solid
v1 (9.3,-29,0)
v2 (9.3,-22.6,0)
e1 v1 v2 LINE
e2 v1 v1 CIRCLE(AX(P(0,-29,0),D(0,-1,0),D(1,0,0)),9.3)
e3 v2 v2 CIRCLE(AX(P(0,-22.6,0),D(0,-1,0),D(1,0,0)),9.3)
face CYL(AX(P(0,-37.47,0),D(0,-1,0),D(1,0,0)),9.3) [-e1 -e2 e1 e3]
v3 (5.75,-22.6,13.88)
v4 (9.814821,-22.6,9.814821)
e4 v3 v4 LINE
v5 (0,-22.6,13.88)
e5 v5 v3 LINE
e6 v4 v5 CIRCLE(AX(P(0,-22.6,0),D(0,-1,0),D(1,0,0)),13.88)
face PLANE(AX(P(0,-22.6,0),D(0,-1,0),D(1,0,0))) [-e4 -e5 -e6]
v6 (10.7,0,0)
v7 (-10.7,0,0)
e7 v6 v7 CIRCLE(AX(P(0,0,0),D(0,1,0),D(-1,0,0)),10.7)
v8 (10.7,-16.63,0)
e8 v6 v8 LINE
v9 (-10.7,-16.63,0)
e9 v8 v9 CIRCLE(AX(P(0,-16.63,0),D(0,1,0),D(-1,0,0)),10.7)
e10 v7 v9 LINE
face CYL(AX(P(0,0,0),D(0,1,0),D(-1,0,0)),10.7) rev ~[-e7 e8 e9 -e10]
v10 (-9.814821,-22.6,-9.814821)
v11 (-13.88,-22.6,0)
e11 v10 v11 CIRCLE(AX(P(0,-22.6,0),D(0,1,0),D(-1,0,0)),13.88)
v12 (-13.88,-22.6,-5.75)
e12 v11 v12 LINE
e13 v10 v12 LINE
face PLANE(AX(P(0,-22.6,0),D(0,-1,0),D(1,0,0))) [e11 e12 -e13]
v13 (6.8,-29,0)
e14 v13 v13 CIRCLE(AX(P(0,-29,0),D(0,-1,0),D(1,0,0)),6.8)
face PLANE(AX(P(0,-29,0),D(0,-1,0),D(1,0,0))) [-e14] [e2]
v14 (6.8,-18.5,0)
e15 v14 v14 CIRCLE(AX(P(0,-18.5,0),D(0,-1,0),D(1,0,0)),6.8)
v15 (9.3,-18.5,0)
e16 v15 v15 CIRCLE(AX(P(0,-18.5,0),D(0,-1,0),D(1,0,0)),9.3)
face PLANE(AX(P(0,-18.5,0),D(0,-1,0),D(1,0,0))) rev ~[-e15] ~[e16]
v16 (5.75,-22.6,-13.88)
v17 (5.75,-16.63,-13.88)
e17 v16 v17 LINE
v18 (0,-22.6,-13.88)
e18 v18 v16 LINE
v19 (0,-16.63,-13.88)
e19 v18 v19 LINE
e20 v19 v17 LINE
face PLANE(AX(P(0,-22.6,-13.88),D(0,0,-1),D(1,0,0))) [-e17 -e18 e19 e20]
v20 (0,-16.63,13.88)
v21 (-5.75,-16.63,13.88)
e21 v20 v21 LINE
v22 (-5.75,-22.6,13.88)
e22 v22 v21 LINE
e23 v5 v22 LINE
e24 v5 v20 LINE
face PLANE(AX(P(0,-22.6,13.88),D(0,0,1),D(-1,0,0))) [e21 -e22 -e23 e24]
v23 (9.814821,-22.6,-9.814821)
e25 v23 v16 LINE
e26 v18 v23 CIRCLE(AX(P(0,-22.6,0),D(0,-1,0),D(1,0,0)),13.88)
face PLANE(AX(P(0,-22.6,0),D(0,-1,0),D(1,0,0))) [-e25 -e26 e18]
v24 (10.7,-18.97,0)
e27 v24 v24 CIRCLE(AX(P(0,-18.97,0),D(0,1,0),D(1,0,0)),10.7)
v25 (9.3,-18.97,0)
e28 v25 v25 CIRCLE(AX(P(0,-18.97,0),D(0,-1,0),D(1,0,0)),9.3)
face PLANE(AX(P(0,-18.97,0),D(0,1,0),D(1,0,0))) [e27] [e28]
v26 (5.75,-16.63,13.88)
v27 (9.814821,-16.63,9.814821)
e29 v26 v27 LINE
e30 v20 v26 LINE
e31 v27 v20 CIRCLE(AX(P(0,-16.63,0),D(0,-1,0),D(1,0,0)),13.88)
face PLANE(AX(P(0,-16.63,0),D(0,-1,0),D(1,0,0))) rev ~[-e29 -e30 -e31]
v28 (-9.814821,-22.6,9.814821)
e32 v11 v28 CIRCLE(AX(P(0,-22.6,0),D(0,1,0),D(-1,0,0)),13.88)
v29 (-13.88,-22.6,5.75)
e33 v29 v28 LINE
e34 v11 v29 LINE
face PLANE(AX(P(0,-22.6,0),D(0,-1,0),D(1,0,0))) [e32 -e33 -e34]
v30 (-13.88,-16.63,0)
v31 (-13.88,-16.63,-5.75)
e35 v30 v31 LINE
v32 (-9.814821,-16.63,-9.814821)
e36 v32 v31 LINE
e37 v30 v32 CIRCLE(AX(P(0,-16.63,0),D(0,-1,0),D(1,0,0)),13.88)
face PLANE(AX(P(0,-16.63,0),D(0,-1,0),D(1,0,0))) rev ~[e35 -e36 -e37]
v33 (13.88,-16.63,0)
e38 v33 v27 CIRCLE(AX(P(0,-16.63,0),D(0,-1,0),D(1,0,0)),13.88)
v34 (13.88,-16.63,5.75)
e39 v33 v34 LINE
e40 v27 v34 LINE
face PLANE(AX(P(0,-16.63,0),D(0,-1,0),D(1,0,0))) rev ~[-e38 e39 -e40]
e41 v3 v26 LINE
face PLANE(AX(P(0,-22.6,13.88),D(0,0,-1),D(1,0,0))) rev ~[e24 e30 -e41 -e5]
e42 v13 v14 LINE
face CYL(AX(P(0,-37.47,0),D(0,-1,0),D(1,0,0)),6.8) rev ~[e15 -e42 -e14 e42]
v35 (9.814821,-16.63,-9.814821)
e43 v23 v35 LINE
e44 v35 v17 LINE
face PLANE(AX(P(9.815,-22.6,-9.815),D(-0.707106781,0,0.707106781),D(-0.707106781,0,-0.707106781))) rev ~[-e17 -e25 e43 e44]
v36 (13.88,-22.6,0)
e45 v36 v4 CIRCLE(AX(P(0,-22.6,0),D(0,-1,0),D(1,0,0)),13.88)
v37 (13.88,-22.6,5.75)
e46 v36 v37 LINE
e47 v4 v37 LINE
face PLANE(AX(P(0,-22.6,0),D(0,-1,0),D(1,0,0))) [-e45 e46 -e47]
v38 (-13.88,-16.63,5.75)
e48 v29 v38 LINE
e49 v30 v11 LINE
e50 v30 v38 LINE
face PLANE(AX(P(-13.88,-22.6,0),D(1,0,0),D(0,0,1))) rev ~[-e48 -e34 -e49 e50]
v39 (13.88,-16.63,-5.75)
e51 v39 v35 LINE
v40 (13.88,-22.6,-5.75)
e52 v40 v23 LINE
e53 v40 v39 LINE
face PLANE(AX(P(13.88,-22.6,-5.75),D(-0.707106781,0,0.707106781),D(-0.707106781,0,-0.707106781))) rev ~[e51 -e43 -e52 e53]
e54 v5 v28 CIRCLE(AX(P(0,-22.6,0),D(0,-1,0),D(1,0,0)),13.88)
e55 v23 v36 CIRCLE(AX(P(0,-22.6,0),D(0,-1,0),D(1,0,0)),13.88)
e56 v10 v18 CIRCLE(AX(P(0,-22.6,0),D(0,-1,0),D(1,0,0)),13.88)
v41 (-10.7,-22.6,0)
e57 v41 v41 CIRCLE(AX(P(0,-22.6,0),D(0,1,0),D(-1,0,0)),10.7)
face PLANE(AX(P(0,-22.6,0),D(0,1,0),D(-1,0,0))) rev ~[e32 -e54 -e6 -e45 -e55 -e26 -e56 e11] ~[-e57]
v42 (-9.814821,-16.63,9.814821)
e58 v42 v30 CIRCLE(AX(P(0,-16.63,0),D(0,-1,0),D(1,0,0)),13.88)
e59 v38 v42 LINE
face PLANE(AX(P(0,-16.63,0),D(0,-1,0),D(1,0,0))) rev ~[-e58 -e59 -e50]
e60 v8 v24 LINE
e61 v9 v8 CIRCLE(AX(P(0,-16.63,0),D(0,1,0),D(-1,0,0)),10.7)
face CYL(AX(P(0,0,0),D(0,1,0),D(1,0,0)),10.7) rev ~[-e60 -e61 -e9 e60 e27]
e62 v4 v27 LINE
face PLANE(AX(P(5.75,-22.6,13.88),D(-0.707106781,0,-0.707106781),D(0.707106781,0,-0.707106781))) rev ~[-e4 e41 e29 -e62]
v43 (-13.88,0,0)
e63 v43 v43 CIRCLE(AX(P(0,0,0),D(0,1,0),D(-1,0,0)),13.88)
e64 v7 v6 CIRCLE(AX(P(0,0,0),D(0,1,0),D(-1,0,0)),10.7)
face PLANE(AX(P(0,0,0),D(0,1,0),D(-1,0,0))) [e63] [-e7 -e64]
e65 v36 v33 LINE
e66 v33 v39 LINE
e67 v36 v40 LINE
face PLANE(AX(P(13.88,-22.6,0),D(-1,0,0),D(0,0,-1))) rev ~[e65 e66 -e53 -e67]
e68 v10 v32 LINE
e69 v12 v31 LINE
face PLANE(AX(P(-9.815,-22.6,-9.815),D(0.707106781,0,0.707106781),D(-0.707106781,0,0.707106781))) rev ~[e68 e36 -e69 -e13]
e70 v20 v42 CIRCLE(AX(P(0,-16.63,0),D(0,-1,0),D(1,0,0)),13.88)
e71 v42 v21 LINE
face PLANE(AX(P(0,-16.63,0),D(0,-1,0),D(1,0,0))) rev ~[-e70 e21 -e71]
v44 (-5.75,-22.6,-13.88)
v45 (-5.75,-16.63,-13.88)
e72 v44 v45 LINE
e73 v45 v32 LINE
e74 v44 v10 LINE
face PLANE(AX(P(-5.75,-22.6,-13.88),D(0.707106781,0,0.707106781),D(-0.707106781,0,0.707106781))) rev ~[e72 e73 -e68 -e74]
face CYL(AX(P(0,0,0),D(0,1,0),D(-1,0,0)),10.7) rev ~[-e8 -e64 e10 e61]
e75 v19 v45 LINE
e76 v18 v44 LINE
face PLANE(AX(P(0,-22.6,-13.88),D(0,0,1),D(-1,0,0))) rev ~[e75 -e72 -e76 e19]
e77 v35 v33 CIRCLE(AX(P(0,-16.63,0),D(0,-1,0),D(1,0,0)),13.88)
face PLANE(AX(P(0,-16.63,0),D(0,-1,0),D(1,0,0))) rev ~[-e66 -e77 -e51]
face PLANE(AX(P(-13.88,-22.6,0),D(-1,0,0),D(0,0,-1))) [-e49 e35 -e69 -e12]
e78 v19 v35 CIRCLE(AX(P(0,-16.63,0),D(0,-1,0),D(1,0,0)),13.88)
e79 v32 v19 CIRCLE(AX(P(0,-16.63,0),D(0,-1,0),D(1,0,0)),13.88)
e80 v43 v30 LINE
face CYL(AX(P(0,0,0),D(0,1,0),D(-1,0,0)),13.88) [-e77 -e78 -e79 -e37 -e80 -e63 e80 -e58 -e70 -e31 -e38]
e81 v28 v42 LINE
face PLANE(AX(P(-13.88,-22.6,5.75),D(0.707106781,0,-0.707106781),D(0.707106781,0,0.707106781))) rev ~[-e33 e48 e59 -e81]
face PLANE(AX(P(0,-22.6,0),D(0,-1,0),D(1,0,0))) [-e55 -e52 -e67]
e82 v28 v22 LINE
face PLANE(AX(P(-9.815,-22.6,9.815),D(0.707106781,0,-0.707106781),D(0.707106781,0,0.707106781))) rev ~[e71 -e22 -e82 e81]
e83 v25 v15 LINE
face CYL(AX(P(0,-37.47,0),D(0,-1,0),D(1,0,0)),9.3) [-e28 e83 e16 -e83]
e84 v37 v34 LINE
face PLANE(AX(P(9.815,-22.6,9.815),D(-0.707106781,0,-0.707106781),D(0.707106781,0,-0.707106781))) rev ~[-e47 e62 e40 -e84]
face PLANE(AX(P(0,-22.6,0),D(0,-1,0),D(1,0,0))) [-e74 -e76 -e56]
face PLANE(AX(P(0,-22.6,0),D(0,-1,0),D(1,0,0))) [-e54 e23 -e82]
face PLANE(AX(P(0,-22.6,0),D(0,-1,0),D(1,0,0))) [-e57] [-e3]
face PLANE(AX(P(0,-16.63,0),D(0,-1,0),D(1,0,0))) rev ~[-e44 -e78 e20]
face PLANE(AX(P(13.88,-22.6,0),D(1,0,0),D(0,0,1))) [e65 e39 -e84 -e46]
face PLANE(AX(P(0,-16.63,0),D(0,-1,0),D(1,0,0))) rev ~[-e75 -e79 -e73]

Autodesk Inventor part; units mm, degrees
ref_plane "YZ Plane" through (0, 0, 0) normal (1, 0, 0) x (0, 1, 0)
ref_plane "XZ Plane" through (0, 0, 0) normal (0, 1, 0) x (-1, 0, 0)
sketch "Boceto1" plane through (0, 0, 0) normal (0, 1, 0) x (-1, 0, 0)
  circle A0 centre (0, 0) radius 10.7
  circle A1 centre (0, 0) radius 13.88
  dimension "d0" = 21.4
  dimension "d1" = 27.76
extrude "Extrusión1" add sketch "Boceto1" against normal blind 22.6
sketch "Boceto2" plane through (0, -22.6, 0) normal (0, -1, 0) x (1, 0, 0)
  circle A0 centre (0, 0) radius 13.88 projected
  line L0 (0, -13.88) -> (-5.75, -13.88)
  line L1 (0, -13.88) -> (5.75, -13.88)
  line L2 (13.88, 0) -> (13.88, -5.75)
  line L3 (13.88, 0) -> (13.88, 5.75)
  line L4 (0, 13.88) -> (5.75, 13.88)
  line L5 (0, 13.88) -> (-5.75, 13.88)
  line L6 (-13.88, 0) -> (-13.88, -5.75)
  line L7 (-13.88, 0) -> (-13.88, 5.75)
  line L8 (-13.88, 5.75) -> (-5.75, 13.88)
  line L9 (5.75, 13.88) -> (13.88, 5.75)
  line L10 (13.88, -5.75) -> (5.75, -13.88)
  line L11 (-5.75, -13.88) -> (-13.88, -5.75)
  dimension "d5" = 5.75
  dimension "d6" = 5.75
  dimension "d7" = 5.75
  dimension "d8" = 5.75
  dimension "d9" = 5.75
  dimension "d10" = 5.75
  dimension "d11" = 5.75
  dimension "d12" = 5.75
extrude "Extrusión2" add sketch "Boceto2" against normal blind 5.97
ref_plane "Plano de trabajo2" through (0, -18.5, 0) normal (0, 1, 0) x (1, 0, 0)
sketch "Boceto4" plane through (0, -18.5, 0) normal (0, 1, 0) x (1, 0, 0)
  circle A0 centre (0, 0) radius 6.8
  dimension "d18" = 13.6
extrude "Extrusión4" add sketch "Boceto4" against normal blind 18.97
sketch "Boceto5" plane through (0, 0, 0) normal (0, 1, 0) x (1, 0, 0)
  circle A0 centre (0, 0) radius 10.7
extrude "Extrusión5" cut sketch "Boceto5" against normal blind 18.97
sketch "Boceto6" plane through (0, -37.47, 0) normal (0, -1, 0) x (1, 0, 0)
  circle A0 centre (0, 0) radius 6.7
  circle A1 centre (0, 0) radius 9.3
  dimension "d25" = 13.4
  dimension "d26" = 18.6
extrude "Extrusión6" add sketch "Boceto6" against normal blind 18.97
sketch "Boceto7" plane through (0, -37.47, 0) normal (0, -1, 0) x (1, 0, 0)
  circle A0 centre (0, 0) radius 6.8
  dimension "d29" = 13.6
extrude "Extrusión7" cut sketch "Boceto7" against normal blind 18.97
thread "Rosca2" size "M20x2.5" class "6g" standard "ANSI Metric M Profile" full length
sketch "Boceto9" plane through (0, -37.47, 0) normal (0, -1, 0) x (1, 0, 0)
  circle A0 centre (0, 0) radius 9.3
extrude "Extrusión8" cut sketch "Boceto9" against normal blind 8.47
properties part number "ACOPLE2"
